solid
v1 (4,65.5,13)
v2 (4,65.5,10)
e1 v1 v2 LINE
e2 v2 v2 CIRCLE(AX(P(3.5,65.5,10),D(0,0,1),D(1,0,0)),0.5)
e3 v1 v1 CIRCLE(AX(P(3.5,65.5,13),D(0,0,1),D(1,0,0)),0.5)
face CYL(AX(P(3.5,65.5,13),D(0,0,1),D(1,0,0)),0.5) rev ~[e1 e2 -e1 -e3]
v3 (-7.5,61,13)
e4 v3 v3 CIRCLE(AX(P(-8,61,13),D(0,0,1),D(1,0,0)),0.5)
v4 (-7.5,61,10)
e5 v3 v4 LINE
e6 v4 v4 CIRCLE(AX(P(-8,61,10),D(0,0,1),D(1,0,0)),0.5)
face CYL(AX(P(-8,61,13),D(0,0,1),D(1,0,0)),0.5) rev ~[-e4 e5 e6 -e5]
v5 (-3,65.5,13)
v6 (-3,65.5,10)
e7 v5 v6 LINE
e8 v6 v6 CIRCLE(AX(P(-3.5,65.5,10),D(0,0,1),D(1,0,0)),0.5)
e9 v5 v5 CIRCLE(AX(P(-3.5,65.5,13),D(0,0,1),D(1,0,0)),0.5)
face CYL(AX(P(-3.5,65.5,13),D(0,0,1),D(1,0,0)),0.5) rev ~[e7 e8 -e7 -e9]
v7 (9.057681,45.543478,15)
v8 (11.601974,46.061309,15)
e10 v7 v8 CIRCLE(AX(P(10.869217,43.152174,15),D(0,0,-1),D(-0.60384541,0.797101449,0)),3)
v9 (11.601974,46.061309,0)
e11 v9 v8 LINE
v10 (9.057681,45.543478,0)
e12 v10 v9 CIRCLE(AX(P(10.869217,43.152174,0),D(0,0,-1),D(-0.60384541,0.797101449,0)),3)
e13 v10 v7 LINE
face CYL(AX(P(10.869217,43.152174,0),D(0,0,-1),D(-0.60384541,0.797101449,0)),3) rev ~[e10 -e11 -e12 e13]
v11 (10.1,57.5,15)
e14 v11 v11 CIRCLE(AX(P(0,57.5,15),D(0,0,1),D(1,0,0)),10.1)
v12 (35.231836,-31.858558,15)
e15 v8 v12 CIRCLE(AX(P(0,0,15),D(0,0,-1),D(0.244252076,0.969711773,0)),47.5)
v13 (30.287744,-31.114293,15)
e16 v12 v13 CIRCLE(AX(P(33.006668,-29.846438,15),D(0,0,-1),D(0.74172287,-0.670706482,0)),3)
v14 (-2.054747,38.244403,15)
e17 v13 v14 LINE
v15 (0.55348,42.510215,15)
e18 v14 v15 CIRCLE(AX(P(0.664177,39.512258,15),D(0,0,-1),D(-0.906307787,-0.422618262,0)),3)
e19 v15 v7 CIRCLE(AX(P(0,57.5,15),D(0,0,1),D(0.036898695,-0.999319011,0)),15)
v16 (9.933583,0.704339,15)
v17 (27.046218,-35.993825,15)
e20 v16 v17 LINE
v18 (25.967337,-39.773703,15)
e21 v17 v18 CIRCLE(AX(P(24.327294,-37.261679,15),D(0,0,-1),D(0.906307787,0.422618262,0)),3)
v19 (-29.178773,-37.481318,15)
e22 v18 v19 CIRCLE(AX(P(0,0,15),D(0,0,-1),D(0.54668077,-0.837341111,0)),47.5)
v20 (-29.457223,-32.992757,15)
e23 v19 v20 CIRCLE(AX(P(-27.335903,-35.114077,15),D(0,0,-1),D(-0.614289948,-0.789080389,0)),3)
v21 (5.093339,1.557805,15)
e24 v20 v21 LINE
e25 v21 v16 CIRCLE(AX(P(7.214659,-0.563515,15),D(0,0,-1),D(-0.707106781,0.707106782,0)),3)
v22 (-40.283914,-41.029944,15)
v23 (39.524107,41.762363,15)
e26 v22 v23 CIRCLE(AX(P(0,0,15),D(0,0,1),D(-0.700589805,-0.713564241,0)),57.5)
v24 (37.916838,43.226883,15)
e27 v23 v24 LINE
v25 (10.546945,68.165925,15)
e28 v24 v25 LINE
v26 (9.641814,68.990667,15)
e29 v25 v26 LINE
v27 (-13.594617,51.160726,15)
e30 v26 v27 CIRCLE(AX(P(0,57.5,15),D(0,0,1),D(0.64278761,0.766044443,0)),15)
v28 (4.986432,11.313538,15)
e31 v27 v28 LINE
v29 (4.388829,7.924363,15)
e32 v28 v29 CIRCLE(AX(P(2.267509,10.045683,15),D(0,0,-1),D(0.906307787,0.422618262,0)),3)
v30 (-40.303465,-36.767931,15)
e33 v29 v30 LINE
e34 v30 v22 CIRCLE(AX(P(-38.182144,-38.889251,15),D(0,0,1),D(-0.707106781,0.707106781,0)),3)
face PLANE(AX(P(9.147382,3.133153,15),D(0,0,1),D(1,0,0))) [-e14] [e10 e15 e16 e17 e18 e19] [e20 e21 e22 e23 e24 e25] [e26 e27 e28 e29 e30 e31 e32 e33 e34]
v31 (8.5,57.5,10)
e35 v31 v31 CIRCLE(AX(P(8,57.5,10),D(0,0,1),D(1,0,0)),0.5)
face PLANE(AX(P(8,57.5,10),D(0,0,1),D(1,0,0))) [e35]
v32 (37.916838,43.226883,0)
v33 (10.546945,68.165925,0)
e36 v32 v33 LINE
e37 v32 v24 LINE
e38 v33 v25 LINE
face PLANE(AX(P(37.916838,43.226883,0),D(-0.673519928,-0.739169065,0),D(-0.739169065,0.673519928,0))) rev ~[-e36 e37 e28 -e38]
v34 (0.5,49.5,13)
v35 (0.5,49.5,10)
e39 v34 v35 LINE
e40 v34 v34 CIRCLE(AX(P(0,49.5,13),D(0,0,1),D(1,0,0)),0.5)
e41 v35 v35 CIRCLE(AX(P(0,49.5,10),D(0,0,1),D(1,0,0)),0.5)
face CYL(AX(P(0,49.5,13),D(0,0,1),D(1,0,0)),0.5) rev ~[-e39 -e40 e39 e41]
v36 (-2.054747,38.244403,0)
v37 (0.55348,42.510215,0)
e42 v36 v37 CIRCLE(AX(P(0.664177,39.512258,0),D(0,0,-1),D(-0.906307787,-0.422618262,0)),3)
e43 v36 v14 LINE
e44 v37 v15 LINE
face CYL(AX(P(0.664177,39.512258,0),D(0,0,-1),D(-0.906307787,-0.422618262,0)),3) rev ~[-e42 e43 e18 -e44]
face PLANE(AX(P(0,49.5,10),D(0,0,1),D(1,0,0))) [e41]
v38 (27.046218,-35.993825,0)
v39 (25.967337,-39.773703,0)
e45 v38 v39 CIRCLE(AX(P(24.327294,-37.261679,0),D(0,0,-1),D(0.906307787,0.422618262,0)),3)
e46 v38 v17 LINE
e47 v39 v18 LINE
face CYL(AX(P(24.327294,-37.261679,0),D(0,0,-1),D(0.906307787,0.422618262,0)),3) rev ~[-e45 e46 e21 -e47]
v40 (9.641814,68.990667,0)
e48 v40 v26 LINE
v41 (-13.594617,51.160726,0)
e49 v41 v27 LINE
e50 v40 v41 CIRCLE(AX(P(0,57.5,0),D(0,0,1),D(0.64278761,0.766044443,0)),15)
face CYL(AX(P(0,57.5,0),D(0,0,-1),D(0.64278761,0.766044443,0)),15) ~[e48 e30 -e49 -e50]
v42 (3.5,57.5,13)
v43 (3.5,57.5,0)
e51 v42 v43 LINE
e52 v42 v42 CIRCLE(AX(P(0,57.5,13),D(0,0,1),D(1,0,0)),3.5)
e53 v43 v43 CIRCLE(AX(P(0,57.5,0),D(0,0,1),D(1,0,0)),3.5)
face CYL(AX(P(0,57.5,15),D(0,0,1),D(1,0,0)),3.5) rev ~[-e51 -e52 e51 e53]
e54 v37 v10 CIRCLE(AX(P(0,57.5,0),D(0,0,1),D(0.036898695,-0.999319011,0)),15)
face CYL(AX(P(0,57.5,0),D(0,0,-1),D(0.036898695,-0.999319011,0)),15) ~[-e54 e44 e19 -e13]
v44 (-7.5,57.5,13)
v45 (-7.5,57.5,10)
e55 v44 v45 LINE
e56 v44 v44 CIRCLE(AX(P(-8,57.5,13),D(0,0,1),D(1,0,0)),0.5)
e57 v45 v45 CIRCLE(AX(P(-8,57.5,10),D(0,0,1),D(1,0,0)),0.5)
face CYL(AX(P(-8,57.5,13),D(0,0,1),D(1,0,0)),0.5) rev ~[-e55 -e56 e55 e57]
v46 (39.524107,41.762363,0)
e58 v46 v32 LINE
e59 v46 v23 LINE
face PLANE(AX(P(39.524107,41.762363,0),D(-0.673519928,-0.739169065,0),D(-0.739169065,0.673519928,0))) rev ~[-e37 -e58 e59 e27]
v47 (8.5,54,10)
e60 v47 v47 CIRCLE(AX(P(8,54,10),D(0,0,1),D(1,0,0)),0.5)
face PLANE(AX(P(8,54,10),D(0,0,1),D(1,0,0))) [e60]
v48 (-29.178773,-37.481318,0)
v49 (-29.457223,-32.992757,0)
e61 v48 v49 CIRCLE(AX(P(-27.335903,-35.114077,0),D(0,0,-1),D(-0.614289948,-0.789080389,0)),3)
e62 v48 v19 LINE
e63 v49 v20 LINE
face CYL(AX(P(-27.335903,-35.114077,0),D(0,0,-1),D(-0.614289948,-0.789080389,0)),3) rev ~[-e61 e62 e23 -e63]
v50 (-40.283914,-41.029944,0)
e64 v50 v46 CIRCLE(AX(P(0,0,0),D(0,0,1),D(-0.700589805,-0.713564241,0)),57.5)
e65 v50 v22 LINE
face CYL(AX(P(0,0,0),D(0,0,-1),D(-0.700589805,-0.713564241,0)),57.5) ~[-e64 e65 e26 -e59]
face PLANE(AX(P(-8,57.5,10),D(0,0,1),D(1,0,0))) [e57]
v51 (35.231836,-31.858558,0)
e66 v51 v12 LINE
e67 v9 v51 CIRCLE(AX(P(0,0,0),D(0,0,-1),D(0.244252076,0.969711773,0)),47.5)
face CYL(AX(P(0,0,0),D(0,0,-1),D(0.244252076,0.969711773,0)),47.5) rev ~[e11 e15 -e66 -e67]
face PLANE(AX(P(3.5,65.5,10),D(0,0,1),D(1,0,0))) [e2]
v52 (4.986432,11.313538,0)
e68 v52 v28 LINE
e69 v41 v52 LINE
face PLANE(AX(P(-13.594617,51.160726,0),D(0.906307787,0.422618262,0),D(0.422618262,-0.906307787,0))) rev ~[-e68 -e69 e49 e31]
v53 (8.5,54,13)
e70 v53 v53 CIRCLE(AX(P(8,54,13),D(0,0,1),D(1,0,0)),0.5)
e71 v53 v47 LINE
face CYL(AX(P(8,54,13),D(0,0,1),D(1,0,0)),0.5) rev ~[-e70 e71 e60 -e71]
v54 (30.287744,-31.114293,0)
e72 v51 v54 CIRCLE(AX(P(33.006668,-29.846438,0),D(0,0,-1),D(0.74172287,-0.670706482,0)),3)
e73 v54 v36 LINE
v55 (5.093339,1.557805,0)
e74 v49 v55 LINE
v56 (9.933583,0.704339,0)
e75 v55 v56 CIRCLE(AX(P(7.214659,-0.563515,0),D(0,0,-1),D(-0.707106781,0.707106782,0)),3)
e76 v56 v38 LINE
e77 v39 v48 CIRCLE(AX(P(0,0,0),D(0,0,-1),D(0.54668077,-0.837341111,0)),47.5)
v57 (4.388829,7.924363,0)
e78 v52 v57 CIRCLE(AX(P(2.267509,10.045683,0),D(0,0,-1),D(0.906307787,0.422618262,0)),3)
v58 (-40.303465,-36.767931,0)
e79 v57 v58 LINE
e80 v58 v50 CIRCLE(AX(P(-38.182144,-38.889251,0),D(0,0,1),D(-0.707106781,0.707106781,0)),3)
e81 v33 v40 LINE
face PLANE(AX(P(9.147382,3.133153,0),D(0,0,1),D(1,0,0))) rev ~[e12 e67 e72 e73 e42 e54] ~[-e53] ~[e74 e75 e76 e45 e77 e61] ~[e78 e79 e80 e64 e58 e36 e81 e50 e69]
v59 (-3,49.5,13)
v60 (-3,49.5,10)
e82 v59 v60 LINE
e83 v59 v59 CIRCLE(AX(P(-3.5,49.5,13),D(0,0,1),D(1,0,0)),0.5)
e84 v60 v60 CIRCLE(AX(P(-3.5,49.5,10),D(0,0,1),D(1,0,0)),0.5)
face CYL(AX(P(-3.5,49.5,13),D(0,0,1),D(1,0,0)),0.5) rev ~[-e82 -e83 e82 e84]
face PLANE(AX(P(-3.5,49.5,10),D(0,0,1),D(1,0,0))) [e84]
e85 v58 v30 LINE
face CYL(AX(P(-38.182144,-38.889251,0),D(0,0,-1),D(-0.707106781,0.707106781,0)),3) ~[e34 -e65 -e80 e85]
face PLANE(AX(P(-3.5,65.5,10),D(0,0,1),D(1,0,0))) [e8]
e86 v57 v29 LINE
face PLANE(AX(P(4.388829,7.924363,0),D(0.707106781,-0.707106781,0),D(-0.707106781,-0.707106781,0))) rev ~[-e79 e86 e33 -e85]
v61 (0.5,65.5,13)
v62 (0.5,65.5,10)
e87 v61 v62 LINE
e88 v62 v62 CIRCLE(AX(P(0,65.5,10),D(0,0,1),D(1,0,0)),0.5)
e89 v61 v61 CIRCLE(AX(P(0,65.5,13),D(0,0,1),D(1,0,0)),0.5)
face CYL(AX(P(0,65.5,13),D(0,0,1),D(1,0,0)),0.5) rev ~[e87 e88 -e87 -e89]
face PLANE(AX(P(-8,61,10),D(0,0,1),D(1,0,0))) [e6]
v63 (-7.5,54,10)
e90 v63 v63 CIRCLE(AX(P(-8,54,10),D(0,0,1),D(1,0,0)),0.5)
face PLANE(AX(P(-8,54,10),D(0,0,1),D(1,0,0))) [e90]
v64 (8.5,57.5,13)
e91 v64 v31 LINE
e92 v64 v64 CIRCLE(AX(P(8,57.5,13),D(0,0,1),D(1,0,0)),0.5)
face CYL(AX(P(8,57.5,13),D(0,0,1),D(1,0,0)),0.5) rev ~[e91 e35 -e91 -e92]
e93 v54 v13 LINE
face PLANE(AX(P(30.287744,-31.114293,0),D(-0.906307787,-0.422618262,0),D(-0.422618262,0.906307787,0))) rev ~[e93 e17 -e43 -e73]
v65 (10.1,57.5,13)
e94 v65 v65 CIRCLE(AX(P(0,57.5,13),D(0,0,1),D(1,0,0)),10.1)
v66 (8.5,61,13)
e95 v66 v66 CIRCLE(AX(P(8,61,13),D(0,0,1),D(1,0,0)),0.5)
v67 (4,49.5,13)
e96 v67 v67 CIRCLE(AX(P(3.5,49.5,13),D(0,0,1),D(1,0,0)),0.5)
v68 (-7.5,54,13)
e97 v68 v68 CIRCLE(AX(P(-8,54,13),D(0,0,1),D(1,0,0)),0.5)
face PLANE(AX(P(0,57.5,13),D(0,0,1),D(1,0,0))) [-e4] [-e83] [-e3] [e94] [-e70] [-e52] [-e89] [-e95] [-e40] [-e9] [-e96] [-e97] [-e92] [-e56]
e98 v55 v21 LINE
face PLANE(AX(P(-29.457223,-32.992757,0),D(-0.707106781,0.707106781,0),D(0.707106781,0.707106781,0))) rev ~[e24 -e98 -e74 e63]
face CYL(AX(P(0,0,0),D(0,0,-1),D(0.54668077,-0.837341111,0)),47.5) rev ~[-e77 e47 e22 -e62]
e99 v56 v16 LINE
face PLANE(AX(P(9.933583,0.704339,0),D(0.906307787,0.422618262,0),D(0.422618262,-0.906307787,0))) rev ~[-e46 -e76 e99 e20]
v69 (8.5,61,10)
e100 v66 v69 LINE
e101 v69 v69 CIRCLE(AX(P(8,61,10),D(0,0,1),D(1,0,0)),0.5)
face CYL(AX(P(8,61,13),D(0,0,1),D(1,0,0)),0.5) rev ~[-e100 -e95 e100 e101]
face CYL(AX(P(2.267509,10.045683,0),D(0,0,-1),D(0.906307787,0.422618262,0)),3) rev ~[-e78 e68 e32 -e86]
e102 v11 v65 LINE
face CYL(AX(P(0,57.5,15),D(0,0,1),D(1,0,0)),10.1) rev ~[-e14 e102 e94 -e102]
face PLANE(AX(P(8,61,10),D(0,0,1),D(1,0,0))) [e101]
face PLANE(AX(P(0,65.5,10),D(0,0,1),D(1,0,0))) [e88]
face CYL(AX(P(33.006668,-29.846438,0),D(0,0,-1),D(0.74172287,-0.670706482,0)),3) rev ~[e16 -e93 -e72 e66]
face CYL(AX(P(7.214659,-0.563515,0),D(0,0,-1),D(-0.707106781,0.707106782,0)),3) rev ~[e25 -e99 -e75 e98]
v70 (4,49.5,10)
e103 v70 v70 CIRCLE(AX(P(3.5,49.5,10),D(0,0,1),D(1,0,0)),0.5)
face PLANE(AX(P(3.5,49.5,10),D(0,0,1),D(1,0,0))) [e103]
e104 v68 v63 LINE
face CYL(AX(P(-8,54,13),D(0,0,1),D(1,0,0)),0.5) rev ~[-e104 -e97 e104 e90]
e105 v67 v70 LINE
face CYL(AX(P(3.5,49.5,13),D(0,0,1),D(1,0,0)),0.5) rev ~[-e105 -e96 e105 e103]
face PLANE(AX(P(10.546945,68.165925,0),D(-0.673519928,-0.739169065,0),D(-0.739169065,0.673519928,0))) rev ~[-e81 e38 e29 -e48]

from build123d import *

# Parameters (mm, degrees)
EXTRUDE_1_DEPTH     = 15
SKETCH_6_R          = 3.5
CUT_EXTRUDE_2_DEPTH = 15
SKETCH_7_R          = 10.1
CUT_EXTRUDE_3_DEPTH = 2
SKETCH_8_R          = 0.5
CUT_EXTRUDE_4_DEPTH = 3


with BuildPart() as part:
    # ｽｹｯﾁ1 → ﾎﾞｽ - 押し出し1 (new body)
    with BuildSketch(Plane.XY):
        with BuildLine():
            Line((10.546944731, 68.165925034), (9.641814145, 68.990666647))
            ThreePointArc((9.641814145, 68.990666647), (-9.131421435, 69.400300104), (-13.594616806, 51.160726074))
            Line((-13.594616806, 51.160726074), (4.986432096, 11.313538113))
            ThreePointArc((4.986432096, 11.313538113), (5.221931994, 9.524738795), (4.388829079, 7.924362985))
            Line((4.388829079, 7.924362985), (-40.303464689, -36.767930783))
            ThreePointArc((-40.303464689, -36.767930783), (-41.182112782, -38.903012739), (-40.283913759, -41.029943849))
            ThreePointArc((-40.283913759, -41.029943849), (41.397896806, -39.905690573), (39.524106652, 41.762363359))
            Line((39.524106652, 41.762363359), (37.916838192, 43.226882625))
            Line((37.916838192, 43.226882625), (10.546944731, 68.165925034))
        make_face()
        with BuildLine():
            ThreePointArc((5.093338956, 1.55780505), (7.735603832, 2.390907965), (9.933582661, 0.704339492))
            Line((9.933582661, 0.704339492), (27.046217634, -35.993824637))
            ThreePointArc((27.046217634, -35.993824637), (27.212084573, -38.085077821), (25.967336583, -39.773702754))
            ThreePointArc((25.967336583, -39.773702754), (-1.972837213, -47.459012983), (-29.17877254, -37.481318454))
            ThreePointArc((-29.17877254, -37.481318454), (-30.330146685, -35.299826939), (-29.457223039, -32.992756945))
            Line((-29.457223039, -32.992756945), (5.093338956, 1.55780505))
        make_face(mode=Mode.SUBTRACT)
        with BuildLine():
            ThreePointArc((35.231836325, -31.858557864), (32.560090836, -32.813013733), (30.287744354, -31.114293205))
            Line((30.287744354, -31.114293205), (-2.054746852, 38.244403012))
            ThreePointArc((-2.054746852, 38.244403012), (-1.895310582, 41.077194163), (0.553480425, 42.510214831))
            ThreePointArc((0.553480425, 42.510214831), (5.039223996, 43.371793408), (9.057681155, 45.543478261))
            ThreePointArc((9.057681155, 45.543478261), (10.270904088, 46.091905397), (11.601973614, 46.061309233))
            ThreePointArc((11.601973614, 46.061309233), (45.455779175, 13.784851815), (35.231836325, -31.858557864))
        make_face(mode=Mode.SUBTRACT)
    extrude(amount=EXTRUDE_1_DEPTH)

    # ｽｹｯﾁ6 → ｶｯﾄ - 押し出し2 (cut)
    with BuildSketch(Plane.XY.offset(15)):
        with Locations((0, 57.5)):
            Circle(SKETCH_6_R)
    extrude(amount=-CUT_EXTRUDE_2_DEPTH, mode=Mode.SUBTRACT)

    # ｽｹｯﾁ7 → ｶｯﾄ - 押し出し3 (cut)
    with BuildSketch(Plane.XY.offset(15)):
        with Locations((0, 57.5)):
            Circle(SKETCH_7_R)
    extrude(amount=-CUT_EXTRUDE_3_DEPTH, mode=Mode.SUBTRACT)

    # ｽｹｯﾁ8 → ｶｯﾄ - 押し出し4 (cut)
    with BuildSketch(Plane.XY.offset(13)):
        with Locations((-3.5, 65.5)):
            Circle(SKETCH_8_R)
        with Locations((0, 65.5)):
            Circle(SKETCH_8_R)
        with Locations((3.5, 65.5)):
            Circle(SKETCH_8_R)
        with Locations((8, 57.5)):
            Circle(SKETCH_8_R)
        with Locations((8, 61)):
            Circle(SKETCH_8_R)
        with Locations((8, 54)):
            Circle(SKETCH_8_R)
        with Locations((0, 49.5)):
            Circle(SKETCH_8_R)
        with Locations((3.5, 49.5)):
            Circle(SKETCH_8_R)
        with Locations((-3.5, 49.5)):
            Circle(SKETCH_8_R)
        with Locations((-8, 57.5)):
            Circle(SKETCH_8_R)
        with Locations((-8, 54)):
            Circle(SKETCH_8_R)
        with Locations((-8, 61)):
            Circle(SKETCH_8_R)
    extrude(amount=-CUT_EXTRUDE_4_DEPTH, mode=Mode.SUBTRACT)


solid = part.part
